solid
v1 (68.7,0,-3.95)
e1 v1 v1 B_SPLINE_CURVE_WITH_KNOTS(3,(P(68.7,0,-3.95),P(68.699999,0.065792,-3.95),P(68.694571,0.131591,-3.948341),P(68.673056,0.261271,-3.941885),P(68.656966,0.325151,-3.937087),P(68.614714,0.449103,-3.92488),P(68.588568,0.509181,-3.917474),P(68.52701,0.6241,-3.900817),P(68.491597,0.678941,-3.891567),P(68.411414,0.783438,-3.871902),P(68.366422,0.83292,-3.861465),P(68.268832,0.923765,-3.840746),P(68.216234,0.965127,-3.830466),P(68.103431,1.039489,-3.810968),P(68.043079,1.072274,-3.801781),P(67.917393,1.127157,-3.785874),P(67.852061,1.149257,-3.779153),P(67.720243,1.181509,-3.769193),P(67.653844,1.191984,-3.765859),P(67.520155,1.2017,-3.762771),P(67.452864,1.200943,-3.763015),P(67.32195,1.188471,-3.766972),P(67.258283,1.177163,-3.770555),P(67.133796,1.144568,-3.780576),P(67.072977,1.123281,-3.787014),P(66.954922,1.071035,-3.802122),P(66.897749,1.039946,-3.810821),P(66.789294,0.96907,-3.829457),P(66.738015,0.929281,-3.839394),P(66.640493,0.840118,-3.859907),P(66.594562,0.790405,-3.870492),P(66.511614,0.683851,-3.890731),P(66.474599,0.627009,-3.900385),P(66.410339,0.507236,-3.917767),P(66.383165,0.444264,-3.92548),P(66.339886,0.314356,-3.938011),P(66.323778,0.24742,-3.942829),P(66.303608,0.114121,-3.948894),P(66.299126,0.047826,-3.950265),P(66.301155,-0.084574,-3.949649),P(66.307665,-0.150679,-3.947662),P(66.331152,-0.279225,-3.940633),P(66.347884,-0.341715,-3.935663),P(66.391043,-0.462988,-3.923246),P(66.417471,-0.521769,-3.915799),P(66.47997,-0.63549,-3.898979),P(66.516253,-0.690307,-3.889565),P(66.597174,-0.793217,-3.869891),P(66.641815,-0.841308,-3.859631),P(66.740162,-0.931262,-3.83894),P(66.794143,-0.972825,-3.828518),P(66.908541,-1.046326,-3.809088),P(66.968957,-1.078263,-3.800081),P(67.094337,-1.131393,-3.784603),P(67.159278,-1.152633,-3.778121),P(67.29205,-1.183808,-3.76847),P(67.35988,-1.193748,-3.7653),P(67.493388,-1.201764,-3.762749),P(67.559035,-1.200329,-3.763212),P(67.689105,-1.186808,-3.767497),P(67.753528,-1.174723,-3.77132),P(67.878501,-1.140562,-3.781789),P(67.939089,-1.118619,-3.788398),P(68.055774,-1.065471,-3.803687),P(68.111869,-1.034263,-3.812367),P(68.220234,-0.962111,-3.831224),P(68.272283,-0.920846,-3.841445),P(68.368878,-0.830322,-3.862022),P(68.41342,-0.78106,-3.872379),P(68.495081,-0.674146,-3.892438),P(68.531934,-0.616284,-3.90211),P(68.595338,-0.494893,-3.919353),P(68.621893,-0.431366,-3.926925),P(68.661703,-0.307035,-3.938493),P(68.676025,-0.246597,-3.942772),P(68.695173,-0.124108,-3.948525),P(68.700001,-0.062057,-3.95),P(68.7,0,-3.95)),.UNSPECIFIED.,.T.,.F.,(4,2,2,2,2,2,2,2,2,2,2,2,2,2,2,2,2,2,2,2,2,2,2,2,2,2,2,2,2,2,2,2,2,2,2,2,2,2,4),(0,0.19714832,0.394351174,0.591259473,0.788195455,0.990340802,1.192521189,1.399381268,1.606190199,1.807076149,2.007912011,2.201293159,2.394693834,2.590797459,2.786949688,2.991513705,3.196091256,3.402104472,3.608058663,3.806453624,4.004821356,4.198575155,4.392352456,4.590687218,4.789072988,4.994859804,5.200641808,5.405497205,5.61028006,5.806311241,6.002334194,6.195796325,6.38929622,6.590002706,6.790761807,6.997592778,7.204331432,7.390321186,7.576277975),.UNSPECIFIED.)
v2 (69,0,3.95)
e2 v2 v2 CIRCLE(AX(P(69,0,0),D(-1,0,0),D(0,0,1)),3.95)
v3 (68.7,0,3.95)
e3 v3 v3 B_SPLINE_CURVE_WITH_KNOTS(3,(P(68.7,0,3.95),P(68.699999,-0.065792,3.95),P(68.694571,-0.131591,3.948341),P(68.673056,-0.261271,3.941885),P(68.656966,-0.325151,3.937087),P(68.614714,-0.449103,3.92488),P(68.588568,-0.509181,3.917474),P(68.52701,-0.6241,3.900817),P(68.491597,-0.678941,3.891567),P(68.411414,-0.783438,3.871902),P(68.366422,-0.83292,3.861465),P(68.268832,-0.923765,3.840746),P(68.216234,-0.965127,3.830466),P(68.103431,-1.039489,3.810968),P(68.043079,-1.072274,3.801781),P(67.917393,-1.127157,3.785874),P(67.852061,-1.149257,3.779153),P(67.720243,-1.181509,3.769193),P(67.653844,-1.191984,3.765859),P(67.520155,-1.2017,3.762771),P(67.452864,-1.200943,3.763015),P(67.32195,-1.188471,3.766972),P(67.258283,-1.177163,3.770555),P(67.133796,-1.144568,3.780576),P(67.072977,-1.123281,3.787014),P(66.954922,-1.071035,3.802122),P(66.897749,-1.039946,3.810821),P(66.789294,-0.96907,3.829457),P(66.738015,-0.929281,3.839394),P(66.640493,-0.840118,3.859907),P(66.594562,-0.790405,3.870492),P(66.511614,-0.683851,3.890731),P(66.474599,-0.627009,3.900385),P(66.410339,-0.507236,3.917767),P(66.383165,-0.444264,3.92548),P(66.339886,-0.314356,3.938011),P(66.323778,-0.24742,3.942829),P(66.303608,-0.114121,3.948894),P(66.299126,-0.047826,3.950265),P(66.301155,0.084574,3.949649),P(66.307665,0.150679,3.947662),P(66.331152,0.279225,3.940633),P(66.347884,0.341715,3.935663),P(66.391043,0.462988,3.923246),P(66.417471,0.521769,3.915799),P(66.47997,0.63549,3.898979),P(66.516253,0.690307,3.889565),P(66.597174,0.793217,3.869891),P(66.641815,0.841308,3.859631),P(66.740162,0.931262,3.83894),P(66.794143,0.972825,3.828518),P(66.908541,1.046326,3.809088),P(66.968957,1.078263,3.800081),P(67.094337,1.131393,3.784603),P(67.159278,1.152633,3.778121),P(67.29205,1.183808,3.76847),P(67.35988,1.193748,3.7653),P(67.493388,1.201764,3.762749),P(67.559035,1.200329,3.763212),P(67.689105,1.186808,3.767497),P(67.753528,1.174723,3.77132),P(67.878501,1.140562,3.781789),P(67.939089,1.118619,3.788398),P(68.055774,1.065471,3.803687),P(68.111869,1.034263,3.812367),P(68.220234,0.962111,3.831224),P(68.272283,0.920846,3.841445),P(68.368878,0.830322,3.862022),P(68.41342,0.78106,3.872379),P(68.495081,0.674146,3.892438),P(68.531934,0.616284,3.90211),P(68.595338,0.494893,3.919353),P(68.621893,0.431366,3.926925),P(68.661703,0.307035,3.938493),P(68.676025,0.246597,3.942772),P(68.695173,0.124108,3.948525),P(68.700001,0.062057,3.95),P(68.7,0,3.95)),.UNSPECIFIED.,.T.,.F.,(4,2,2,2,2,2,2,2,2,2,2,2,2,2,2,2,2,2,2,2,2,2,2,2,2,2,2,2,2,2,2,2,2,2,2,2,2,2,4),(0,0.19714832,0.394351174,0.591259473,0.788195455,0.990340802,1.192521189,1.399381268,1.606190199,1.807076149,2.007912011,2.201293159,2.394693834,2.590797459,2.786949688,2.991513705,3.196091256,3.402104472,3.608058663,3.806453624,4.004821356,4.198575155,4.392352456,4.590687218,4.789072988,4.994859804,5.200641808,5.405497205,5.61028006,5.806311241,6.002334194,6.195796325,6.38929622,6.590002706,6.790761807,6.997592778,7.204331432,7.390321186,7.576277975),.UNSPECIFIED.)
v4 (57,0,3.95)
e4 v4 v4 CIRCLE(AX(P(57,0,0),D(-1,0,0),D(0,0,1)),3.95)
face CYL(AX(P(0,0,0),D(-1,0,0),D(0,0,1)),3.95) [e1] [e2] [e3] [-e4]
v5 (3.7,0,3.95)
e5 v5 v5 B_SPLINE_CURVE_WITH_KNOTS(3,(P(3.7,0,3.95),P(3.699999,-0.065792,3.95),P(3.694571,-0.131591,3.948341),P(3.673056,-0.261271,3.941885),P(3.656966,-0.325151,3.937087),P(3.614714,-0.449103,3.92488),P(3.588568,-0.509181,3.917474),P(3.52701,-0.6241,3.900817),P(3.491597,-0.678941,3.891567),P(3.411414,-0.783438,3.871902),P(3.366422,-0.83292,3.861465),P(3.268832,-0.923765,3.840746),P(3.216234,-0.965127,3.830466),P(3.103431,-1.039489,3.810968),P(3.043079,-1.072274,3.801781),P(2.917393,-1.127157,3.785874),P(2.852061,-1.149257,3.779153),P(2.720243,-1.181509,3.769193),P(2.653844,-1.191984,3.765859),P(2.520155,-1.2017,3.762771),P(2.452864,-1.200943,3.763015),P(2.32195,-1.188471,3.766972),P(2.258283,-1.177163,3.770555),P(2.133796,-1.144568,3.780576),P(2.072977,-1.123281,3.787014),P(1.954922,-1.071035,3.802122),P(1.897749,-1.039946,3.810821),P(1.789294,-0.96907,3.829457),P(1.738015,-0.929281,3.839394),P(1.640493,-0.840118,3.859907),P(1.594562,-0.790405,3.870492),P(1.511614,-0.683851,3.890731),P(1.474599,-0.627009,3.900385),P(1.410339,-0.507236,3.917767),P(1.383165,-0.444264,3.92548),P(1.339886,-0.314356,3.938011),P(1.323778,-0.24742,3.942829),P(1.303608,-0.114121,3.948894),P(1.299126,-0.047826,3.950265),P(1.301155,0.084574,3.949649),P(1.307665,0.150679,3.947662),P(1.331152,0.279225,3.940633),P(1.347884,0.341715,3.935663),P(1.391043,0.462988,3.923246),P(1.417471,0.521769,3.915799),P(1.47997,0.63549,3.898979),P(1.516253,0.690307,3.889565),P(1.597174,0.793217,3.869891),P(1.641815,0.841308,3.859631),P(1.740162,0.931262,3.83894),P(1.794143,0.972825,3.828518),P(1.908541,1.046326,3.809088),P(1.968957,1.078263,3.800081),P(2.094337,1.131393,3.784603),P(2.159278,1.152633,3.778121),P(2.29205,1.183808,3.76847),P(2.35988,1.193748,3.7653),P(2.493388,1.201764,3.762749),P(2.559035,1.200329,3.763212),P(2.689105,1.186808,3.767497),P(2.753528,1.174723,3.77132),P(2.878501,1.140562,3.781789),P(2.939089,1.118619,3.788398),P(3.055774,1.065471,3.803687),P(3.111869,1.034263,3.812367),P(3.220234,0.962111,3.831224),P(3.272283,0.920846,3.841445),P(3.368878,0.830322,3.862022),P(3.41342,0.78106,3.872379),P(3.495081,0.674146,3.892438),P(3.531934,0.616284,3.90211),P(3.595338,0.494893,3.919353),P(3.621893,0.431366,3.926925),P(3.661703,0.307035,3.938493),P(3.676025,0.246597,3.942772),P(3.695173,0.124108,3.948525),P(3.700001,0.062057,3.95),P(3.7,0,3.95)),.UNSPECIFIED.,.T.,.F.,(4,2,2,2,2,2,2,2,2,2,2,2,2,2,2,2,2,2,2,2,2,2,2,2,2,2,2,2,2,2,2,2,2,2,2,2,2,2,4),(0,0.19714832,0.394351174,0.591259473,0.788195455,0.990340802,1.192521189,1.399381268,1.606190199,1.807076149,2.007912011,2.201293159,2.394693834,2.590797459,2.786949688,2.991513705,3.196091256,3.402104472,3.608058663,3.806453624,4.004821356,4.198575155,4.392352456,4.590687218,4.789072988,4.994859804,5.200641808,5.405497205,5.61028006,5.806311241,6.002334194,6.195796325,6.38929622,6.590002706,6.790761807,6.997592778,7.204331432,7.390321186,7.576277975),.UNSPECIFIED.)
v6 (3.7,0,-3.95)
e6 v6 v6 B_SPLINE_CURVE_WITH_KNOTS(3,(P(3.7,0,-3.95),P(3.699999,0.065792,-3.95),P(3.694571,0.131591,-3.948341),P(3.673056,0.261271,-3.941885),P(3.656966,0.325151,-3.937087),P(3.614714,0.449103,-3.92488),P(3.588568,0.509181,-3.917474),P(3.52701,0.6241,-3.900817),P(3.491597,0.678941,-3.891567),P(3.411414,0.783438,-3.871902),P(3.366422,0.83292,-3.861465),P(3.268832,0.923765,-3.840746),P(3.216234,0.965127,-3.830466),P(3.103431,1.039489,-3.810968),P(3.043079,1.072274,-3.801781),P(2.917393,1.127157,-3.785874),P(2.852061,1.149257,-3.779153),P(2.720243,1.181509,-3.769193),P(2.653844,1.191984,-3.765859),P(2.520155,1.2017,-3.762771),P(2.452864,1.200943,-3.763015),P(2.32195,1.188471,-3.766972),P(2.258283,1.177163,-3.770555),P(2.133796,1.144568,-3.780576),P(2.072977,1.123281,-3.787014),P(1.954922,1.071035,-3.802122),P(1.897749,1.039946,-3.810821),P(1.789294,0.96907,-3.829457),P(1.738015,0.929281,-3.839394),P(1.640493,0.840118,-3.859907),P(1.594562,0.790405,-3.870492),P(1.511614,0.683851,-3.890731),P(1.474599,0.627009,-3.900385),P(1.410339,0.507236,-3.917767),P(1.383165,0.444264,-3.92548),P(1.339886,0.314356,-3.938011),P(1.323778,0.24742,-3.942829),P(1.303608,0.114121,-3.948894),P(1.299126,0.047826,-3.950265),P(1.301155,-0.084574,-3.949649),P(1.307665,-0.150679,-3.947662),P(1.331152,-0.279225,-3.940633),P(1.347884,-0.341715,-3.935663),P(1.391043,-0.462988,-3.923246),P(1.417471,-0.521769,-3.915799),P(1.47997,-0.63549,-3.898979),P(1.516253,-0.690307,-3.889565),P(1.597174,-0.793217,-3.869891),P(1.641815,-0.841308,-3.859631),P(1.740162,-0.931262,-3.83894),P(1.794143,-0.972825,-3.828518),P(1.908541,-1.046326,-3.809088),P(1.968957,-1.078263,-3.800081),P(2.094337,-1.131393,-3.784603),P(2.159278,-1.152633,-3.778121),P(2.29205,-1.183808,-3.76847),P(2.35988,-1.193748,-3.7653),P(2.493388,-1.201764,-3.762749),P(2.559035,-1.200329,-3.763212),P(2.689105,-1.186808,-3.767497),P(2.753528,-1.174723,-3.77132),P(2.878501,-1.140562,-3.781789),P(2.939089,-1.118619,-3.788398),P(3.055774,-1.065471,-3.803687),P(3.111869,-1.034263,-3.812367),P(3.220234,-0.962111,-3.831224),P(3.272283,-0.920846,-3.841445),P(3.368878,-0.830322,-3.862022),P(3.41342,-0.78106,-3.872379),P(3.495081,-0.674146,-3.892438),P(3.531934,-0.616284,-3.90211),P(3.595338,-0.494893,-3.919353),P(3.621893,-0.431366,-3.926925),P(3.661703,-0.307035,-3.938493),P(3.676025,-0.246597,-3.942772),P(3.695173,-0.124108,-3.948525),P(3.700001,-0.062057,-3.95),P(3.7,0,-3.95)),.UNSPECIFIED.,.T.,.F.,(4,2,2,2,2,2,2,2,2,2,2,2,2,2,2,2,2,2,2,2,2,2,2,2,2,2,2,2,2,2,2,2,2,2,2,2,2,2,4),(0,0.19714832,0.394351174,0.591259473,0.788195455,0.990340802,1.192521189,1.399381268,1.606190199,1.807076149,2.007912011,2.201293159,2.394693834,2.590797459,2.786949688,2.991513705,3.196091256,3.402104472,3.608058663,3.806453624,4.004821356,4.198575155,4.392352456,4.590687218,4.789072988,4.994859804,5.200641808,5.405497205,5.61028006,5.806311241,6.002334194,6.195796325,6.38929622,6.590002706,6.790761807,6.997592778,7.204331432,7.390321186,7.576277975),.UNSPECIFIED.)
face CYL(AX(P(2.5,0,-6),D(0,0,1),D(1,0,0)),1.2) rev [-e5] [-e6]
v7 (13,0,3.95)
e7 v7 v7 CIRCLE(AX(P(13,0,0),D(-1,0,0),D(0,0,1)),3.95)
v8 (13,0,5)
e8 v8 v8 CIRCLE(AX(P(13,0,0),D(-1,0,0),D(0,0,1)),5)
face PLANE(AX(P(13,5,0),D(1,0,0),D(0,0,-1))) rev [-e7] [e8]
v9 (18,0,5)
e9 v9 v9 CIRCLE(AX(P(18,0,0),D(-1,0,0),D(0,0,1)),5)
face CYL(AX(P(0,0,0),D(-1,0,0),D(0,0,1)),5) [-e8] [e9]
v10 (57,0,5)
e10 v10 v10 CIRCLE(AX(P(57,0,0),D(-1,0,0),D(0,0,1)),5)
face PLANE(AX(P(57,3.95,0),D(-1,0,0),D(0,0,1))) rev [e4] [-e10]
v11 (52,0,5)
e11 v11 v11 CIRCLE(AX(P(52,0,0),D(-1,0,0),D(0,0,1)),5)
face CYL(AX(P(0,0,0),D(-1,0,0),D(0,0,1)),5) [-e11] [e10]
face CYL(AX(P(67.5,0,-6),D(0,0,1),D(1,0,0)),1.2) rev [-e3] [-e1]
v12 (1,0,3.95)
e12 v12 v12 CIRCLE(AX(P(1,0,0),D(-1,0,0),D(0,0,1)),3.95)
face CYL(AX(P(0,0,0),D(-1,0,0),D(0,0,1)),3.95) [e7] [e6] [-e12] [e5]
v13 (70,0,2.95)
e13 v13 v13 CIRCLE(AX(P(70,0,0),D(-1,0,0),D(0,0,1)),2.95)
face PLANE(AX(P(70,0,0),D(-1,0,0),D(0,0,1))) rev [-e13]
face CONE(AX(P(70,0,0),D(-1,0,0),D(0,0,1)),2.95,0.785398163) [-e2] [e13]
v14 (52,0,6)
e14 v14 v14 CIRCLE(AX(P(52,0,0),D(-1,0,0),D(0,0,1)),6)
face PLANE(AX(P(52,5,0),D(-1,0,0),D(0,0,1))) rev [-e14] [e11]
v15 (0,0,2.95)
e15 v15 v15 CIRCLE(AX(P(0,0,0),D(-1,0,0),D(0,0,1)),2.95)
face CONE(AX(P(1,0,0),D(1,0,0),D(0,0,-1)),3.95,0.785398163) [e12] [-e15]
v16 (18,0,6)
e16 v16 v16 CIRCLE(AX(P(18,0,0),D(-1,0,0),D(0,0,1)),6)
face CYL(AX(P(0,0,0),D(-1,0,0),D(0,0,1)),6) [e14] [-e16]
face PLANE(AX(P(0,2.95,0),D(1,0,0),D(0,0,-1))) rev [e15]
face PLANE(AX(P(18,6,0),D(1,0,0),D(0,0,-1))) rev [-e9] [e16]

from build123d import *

# Parameters (mm, degrees)
SZKIC2_R                        = 1.2
WYTNIJ_WYCI_GNI_CIE1_DEPTH      = 7
WYTNIJ_WYCI_GNI_CIE1_DEPTH_BACK = 7


with BuildPart() as part:
    # Szkic1 → Obrót1 (revolve)
    with BuildSketch(Plane.XY):
        Polygon((0, 0), (70, 0), (70, 2.95), (69, 3.95), (57, 3.95), (57, 5), (52, 5), (52, 6), (18, 6), (18, 5), (13, 5), (13, 3.95), (1, 3.95), (0, 2.95), align=None)
    revolve(axis=Axis((0, 0, 0), (1, 0, 0)))

    # Szkic2 → Wytnij-wyciągnięcie1 (cut, two sides)
    with BuildSketch(Plane.XY) as wytnij_wyci_gni_cie1_sk:
        with Locations((67.5, 0)):
            Circle(SZKIC2_R)
        with Locations((2.5, 0)):
            Circle(SZKIC2_R)
    extrude(amount=WYTNIJ_WYCI_GNI_CIE1_DEPTH, mode=Mode.SUBTRACT)
    extrude(wytnij_wyci_gni_cie1_sk.sketch, amount=-WYTNIJ_WYCI_GNI_CIE1_DEPTH_BACK, mode=Mode.SUBTRACT)


solid = part.part
